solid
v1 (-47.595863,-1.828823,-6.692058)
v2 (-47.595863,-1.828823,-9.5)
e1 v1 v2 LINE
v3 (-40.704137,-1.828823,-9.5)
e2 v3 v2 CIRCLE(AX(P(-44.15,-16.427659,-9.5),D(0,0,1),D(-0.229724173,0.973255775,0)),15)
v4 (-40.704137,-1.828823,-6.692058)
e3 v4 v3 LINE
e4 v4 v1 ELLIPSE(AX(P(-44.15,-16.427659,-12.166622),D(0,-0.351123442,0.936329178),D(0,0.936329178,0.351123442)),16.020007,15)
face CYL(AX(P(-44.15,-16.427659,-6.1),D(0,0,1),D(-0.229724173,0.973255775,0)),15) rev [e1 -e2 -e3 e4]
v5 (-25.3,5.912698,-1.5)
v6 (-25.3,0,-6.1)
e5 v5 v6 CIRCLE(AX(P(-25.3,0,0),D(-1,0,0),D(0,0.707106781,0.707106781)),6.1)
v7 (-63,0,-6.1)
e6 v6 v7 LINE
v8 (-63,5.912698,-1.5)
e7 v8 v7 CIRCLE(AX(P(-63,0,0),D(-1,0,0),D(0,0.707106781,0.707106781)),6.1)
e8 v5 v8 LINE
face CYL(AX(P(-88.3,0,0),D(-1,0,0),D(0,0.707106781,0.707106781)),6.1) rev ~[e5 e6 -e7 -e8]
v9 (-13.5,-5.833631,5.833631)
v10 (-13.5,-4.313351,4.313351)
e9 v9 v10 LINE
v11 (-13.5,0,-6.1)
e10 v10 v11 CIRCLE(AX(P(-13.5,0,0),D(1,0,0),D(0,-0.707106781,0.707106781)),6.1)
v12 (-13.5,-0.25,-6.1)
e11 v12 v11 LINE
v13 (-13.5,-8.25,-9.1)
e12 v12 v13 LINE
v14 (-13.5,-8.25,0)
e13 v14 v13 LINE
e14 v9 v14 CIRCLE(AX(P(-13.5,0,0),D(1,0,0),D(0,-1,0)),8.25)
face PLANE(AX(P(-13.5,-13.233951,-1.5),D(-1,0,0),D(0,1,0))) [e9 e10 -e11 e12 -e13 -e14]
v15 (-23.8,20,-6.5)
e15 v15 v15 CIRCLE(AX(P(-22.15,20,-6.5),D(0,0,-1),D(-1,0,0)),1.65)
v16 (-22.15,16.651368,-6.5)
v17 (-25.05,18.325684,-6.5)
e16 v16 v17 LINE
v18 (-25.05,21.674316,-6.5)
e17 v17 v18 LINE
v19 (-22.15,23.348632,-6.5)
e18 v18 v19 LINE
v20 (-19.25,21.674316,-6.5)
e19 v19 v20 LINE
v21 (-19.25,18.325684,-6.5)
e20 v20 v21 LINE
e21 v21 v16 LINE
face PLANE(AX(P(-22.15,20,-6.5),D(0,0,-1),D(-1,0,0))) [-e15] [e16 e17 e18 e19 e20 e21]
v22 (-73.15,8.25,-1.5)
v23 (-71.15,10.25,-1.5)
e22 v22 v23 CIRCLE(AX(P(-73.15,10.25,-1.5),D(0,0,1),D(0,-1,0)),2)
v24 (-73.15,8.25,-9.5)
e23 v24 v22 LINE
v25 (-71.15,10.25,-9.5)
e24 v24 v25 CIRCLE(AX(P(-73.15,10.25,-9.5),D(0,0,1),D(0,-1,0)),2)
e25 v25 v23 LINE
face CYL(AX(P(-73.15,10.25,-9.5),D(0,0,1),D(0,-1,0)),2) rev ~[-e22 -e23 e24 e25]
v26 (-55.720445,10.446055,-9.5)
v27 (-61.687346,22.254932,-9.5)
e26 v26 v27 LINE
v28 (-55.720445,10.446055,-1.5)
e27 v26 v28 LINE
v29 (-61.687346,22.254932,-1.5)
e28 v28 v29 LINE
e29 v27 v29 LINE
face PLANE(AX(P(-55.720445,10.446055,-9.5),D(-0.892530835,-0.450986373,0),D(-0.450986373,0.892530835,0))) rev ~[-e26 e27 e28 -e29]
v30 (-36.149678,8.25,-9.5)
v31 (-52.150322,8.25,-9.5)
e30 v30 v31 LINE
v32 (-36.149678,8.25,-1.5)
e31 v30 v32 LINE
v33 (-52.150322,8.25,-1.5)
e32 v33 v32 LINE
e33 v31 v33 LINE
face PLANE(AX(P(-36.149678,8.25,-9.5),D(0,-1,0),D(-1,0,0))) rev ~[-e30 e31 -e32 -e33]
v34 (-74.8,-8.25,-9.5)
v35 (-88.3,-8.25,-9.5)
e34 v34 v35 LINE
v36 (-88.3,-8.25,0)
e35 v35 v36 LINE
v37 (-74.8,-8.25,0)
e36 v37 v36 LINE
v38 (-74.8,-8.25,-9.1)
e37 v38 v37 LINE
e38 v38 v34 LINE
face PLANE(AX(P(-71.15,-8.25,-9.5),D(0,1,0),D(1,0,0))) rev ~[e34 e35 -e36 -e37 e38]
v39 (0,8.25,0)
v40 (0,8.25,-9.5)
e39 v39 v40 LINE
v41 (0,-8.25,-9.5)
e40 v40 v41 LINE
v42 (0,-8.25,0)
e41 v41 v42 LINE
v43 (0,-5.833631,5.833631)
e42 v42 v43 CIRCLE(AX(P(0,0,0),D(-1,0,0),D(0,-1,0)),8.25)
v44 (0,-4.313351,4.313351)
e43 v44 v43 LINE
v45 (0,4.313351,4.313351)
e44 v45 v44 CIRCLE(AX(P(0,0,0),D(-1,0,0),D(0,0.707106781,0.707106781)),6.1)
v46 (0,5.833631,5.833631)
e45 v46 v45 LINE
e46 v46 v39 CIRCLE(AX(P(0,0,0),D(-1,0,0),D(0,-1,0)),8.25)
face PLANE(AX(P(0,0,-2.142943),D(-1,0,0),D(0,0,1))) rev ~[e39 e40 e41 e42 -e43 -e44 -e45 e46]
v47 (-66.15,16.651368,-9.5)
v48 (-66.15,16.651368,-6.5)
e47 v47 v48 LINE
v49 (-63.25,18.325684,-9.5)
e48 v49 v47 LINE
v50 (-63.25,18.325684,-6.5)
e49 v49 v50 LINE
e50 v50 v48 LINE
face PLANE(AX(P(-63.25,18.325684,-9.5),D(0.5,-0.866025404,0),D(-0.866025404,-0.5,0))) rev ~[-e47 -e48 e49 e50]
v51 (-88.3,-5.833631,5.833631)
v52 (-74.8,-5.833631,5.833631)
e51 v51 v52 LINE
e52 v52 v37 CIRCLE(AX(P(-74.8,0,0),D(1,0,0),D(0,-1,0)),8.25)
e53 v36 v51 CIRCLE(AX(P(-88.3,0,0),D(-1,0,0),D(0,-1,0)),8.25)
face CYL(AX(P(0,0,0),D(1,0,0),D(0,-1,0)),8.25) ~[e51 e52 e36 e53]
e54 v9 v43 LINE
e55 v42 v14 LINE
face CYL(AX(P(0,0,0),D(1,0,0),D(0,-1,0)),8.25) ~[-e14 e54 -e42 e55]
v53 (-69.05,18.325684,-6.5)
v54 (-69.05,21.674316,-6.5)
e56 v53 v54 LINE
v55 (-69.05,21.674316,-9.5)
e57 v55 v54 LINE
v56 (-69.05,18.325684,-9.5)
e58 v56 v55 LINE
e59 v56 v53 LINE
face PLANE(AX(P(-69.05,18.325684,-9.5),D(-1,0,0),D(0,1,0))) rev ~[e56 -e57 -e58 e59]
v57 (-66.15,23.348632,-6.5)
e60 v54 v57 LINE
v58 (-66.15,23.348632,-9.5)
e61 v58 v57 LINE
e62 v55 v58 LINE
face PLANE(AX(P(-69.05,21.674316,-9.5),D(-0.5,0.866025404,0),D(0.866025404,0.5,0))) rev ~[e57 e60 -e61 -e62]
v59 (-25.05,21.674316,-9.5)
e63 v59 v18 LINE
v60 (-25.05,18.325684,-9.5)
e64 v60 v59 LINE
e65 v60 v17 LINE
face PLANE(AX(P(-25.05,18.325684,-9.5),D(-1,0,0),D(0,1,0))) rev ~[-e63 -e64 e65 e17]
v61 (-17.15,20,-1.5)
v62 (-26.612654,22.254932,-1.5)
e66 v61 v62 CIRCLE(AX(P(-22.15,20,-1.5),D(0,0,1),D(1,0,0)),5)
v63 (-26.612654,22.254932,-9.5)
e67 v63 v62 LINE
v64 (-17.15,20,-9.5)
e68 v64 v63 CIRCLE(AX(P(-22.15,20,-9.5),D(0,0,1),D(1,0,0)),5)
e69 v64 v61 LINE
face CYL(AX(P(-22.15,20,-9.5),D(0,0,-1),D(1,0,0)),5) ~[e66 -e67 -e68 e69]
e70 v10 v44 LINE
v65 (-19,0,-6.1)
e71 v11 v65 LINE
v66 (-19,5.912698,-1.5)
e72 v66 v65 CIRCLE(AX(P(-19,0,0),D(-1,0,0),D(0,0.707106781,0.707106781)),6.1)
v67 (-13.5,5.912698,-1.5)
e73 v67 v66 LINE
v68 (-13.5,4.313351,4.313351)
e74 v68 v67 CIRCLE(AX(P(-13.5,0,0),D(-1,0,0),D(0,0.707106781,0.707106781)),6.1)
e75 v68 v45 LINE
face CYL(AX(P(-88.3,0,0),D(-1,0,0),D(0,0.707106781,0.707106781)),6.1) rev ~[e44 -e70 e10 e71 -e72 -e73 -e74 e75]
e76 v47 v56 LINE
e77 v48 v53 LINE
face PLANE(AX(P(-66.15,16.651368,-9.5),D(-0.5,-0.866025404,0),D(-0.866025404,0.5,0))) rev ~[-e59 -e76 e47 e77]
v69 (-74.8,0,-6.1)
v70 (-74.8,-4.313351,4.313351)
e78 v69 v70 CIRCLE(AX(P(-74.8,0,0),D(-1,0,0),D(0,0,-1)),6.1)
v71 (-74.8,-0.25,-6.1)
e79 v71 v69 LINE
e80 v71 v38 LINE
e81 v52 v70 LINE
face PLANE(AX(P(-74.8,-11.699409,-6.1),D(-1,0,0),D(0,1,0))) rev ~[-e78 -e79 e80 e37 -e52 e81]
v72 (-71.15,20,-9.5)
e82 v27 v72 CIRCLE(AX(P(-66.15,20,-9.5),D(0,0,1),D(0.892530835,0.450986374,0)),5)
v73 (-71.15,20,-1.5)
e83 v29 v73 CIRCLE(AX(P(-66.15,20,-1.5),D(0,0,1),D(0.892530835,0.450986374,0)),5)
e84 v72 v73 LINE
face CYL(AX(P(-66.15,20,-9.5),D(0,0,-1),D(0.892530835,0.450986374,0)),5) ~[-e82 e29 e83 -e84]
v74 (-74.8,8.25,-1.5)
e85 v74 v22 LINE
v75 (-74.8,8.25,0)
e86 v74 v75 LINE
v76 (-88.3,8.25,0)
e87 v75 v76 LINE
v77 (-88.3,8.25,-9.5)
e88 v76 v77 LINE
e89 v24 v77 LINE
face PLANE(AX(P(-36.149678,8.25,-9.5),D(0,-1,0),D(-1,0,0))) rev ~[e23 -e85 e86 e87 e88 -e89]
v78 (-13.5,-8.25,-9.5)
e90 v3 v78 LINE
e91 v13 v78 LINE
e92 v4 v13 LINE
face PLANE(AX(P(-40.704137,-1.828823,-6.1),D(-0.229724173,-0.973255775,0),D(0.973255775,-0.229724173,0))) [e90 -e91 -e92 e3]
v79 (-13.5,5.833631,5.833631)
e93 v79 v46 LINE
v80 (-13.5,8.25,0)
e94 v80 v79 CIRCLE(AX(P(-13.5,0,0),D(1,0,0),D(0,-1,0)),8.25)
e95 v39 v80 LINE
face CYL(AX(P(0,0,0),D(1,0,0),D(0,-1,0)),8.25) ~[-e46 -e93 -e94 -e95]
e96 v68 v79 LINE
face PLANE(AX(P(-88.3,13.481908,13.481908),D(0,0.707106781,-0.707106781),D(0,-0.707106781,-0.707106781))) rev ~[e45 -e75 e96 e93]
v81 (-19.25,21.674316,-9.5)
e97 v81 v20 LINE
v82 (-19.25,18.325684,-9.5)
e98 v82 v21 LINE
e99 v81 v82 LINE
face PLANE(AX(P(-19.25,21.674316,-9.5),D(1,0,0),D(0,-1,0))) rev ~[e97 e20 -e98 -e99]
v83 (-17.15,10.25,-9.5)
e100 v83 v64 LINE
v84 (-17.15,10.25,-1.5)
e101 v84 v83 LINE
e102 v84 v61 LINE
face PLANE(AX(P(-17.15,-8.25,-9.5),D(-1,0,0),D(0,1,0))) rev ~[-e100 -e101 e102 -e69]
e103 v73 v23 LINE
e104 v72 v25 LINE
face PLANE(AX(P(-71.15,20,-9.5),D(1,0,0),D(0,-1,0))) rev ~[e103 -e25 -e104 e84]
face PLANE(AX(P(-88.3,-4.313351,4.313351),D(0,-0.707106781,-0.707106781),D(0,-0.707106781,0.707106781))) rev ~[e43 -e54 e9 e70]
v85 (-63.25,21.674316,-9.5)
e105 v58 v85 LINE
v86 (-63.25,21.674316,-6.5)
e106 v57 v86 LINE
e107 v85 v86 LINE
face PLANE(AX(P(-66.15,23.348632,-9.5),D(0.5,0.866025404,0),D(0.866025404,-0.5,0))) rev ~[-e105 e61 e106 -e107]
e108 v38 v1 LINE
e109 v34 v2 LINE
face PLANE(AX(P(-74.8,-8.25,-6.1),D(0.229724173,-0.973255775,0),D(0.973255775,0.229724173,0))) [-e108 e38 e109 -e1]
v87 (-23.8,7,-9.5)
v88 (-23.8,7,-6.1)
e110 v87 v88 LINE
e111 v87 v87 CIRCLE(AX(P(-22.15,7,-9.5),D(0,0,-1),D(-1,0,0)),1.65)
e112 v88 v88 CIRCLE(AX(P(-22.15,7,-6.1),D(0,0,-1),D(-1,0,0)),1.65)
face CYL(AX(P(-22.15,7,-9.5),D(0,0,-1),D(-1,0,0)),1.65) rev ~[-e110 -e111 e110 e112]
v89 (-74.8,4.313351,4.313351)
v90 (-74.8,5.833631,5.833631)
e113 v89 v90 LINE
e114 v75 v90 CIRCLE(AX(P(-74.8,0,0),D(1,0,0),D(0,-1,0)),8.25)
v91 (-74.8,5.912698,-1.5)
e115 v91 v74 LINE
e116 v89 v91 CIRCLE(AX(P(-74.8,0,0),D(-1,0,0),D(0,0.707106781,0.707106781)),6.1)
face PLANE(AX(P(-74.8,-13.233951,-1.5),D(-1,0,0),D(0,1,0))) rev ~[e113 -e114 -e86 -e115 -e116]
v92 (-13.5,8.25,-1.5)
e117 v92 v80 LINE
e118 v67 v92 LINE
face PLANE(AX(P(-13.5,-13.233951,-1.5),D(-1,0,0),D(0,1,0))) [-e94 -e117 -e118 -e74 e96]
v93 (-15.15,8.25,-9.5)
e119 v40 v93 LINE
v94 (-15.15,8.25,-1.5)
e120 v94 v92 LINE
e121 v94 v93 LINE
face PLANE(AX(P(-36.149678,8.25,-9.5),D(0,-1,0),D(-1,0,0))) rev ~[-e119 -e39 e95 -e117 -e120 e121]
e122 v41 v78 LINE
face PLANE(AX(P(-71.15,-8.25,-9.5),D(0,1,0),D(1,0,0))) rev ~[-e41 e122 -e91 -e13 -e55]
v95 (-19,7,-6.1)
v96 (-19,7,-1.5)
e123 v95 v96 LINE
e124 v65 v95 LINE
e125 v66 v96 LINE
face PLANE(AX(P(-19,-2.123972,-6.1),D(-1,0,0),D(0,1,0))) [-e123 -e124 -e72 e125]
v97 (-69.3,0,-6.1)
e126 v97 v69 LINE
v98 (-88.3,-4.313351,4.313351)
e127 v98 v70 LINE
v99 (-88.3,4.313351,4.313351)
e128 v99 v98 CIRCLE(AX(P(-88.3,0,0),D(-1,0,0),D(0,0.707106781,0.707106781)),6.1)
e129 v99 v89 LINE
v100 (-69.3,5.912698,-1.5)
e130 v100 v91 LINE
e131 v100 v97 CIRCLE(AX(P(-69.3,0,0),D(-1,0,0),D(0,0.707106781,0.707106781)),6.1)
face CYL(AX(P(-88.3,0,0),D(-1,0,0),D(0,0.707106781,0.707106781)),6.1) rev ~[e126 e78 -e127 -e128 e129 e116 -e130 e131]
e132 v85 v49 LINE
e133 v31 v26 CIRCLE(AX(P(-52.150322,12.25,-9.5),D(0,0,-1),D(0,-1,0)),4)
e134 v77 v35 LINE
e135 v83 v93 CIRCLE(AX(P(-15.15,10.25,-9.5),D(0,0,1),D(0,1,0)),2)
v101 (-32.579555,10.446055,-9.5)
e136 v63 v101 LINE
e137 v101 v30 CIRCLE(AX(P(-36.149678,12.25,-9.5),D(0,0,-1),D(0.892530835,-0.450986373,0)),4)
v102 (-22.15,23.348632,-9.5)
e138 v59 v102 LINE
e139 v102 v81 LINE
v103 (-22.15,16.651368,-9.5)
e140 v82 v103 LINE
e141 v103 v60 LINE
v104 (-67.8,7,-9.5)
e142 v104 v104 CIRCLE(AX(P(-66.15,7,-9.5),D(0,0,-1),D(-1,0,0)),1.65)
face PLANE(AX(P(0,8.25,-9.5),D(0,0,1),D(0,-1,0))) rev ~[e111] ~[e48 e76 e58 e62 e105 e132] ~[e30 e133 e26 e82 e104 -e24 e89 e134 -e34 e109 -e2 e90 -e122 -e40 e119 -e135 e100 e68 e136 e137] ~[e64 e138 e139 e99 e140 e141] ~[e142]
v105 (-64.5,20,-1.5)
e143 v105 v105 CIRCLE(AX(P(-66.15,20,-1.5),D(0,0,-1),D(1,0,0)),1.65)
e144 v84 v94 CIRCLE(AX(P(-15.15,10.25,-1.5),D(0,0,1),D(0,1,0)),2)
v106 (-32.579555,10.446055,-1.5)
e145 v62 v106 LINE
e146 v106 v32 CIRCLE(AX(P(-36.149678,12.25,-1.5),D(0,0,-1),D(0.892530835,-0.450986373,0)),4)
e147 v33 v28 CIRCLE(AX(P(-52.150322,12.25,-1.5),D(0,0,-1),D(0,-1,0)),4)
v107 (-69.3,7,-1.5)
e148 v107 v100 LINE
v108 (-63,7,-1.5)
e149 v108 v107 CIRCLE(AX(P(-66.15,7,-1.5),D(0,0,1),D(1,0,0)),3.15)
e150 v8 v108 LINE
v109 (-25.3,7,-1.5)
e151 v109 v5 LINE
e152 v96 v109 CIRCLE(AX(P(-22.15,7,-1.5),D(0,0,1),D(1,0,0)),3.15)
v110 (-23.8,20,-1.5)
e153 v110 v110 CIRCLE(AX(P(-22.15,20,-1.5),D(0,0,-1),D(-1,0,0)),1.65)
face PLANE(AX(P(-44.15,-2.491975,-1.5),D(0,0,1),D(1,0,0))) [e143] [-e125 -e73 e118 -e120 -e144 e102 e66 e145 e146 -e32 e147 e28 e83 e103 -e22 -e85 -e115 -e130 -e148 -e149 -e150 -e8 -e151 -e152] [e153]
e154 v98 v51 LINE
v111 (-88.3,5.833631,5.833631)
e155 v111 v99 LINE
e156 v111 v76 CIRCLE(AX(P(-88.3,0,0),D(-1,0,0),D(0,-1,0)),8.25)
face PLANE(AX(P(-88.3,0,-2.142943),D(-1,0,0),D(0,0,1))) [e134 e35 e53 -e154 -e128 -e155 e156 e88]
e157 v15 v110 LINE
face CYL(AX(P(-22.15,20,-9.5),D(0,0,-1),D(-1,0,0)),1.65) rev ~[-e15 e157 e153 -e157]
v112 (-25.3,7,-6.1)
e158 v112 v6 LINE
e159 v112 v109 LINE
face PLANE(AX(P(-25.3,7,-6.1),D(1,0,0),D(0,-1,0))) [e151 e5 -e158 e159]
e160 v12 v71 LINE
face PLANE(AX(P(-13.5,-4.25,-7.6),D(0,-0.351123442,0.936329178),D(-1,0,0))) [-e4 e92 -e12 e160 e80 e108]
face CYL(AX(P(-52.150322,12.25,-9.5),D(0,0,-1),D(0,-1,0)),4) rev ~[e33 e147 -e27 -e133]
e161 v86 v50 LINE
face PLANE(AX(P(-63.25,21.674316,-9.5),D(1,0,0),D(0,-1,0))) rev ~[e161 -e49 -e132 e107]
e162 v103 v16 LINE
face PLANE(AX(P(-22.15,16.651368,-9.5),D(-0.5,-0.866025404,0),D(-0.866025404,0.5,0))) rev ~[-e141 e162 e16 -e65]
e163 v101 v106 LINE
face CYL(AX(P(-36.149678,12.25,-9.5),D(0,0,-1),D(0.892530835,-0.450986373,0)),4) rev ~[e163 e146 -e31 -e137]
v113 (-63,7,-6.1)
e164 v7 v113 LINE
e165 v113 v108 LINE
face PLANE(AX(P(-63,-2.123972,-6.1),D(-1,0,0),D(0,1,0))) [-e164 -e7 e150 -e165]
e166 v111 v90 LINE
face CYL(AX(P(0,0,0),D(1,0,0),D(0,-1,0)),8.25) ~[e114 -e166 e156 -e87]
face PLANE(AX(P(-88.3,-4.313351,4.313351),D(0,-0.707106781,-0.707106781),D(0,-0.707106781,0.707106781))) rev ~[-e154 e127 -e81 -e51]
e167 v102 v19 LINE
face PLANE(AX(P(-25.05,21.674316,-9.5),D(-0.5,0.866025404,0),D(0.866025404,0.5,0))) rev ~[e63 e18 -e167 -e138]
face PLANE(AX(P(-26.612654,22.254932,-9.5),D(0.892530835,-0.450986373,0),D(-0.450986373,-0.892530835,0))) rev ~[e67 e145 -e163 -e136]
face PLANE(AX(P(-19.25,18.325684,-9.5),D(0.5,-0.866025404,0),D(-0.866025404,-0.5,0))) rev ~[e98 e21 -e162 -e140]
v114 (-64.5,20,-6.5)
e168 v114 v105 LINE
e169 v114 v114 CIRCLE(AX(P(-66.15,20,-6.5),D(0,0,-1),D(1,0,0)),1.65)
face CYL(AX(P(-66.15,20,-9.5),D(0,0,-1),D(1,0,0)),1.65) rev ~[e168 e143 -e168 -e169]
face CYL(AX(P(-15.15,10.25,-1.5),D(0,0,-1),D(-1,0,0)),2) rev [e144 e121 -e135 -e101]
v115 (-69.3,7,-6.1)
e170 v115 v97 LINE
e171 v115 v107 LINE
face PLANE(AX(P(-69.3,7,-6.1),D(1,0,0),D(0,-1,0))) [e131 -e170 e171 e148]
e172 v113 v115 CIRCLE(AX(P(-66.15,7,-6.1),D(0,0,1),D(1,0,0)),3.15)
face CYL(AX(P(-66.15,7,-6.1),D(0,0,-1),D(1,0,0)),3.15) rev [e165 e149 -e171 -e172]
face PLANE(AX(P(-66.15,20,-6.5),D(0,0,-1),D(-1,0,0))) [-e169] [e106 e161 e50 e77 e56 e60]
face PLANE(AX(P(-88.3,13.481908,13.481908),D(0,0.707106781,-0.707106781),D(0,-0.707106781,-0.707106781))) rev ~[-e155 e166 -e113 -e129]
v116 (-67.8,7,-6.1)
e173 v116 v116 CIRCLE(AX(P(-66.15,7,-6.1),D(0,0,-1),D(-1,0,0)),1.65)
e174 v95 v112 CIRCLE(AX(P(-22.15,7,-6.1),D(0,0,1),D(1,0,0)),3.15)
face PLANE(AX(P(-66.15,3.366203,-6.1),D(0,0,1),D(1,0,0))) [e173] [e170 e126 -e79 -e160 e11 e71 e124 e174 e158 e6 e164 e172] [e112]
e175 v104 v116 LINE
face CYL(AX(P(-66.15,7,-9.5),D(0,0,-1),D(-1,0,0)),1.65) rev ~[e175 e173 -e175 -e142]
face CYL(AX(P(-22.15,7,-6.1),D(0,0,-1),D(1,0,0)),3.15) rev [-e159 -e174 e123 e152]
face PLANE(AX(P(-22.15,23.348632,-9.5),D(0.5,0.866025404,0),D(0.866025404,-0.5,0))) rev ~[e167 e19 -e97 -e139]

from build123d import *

# Parameters (mm, degrees)
BOSS_EXTRUDE1_DEPTH = 88.3
SKETCH6_R           = 1.65
BOSS_EXTRUDE2_DEPTH = 8
CUT_EXTRUDE1_DEPTH  = 93.261259475
SKETCH8_W           = 61.3
SKETCH8_H           = 21.483950942
CUT_EXTRUDE2_DEPTH  = 93.118890571
SKETCH9_W           = 61.3
SKETCH9_H           = 11.699409457
CUT_EXTRUDE3_DEPTH  = 93.543511645
SKETCH10_R          = 1.65
CUT_EXTRUDE4_DEPTH  = 94.043055829
CHAMFER1_SIZE       = 8
CHAMFER1_SIZE2      = 3
CUT_EXTRUDE5_DEPTH  = 93.54351174
FILLET1_R           = 2
CUT_EXTRUDE6_DEPTH  = 3
CUT_EXTRUDE7_START  = -4.6
CUT_EXTRUDE7_DEPTH  = 4.6


with BuildPart() as part:
    # Sketch1 → Boss-Extrude1 (new body)
    with BuildSketch(Plane.ZY):
        with BuildLine():
            Line((-9.5, 8.25), (-9.5, -8.25))
            Line((-9.5, -8.25), (0, -8.25))
            ThreePointArc((0, -8.25), (8.25, 0), (0, 8.25))
            Line((0, 8.25), (-9.5, 8.25))
        make_face()
    extrude(amount=BOSS_EXTRUDE1_DEPTH)

    # Sketch6 → Boss-Extrude2 (add)
    with BuildSketch(Plane(origin=(0, 0, -9.5), x_dir=(-1, 0, 0), z_dir=(0, 0, -1))):
        with BuildLine():
            Line((17.15, -8.25), (17.15, 20))
            ThreePointArc((17.15, 20), (20.99096395, 24.863808737), (26.612654174, 22.254931867))
            Line((26.612654174, 22.254931867), (32.579554775, 10.446054507))
            ThreePointArc((32.579554775, 10.446054507), (34.053942202, 8.842964487), (36.149678114, 8.25))
            Line((36.149678114, 8.25), (52.150321886, 8.25))
            ThreePointArc((52.150321886, 8.25), (54.246057798, 8.842964487), (55.720445225, 10.446054507))
            Line((55.720445225, 10.446054507), (61.687345826, 22.254931867))
            ThreePointArc((61.687345826, 22.254931867), (67.30903605, 24.863808737), (71.15, 20))
            Line((71.15, 20), (71.15, -8.25))
            Line((71.15, -8.25), (17.15, -8.25))
        make_face()
        with Locations((22.15, 20)):
            Circle(SKETCH6_R, mode=Mode.SUBTRACT)
        with Locations(Location((66.15, 20, 0), (0, 0, 180))):
            Circle(SKETCH6_R, mode=Mode.SUBTRACT)
    extrude(amount=-BOSS_EXTRUDE2_DEPTH)

    # Sketch7 → Cut-Extrude1 (cut, through all)
    with BuildSketch(Plane.ZY.offset(88.3)):
        with BuildLine():
            Line((13.481907846, 13.481907846), (4.313351365, 4.313351365))
            ThreePointArc((4.313351365, 4.313351365), (-6.1, 0), (4.313351365, -4.313351365))
            Line((4.313351365, -4.313351365), (13.481907846, -13.481907846))
            Line((13.481907846, -13.481907846), (13.481907846, 13.481907846))
        make_face()
    extrude(amount=-CUT_EXTRUDE1_DEPTH, mode=Mode.SUBTRACT)

    # Sketch8 → Cut-Extrude2 (cut, through all)
    with BuildSketch(Plane.XY.offset(-1.5)):
        with Locations((-44.15, -2.491975471)):
            Rectangle(SKETCH8_W, SKETCH8_H)
    extrude(amount=CUT_EXTRUDE2_DEPTH, mode=Mode.SUBTRACT)

    # Sketch9 → Cut-Extrude3 (cut, through all)
    with BuildSketch(Plane(origin=(0, 0, -6.1), x_dir=(-1, 0, 0), z_dir=(0, 0, -1))):
        with Locations((44.15, -5.849704729)):
            Rectangle(SKETCH9_W, SKETCH9_H)
    extrude(amount=-CUT_EXTRUDE3_DEPTH, mode=Mode.SUBTRACT)

    # Sketch10 → Cut-Extrude4 (cut, through all)
    with BuildSketch(Plane(origin=(0, 0, -9.5), x_dir=(-1, 0, 0), z_dir=(0, 0, -1))):
        with Locations((22.15, 7)):
            Circle(SKETCH10_R)
        with Locations((66.15, 7)):
            Circle(SKETCH10_R)
    extrude(amount=-CUT_EXTRUDE4_DEPTH, mode=Mode.SUBTRACT)

    # Chamfer1
    chamfer1_edges = [part.edges().sort_by_distance(p)[0] for p in [
        (-44.15, -8.25, -6.1),
    ]]
    chamfer1_side = [part.faces().sort_by_distance(p)[0] for p in [
        (-44.15, -4.125, -6.1),
    ]]
    chamfer(chamfer1_edges, length=CHAMFER1_SIZE, length2=CHAMFER1_SIZE2, reference=chamfer1_side[0])

    # Sketch11 → Cut-Extrude5 (cut, through all)
    with BuildSketch(Plane(origin=(0, 0, -6.1), x_dir=(-1, 0, 0), z_dir=(0, 0, -1))):
        with BuildLine():
            Line((74.8, -8.25), (47.5958626, -1.828822614))
            ThreePointArc((47.5958626, -1.828822614), (44.15, -1.427659244), (40.7041374, -1.828822614))
            Line((40.7041374, -1.828822614), (13.5, -8.25))
            Line((13.5, -8.25), (13.5, -16.427659244))
            Line((13.5, -16.427659244), (74.8, -16.427659244))
            Line((74.8, -16.427659244), (74.8, -8.25))
        make_face()
    extrude(amount=CUT_EXTRUDE5_DEPTH, mode=Mode.SUBTRACT)

    # Fillet1
    fillet1_edges = [part.edges().sort_by_distance(p)[0] for p in [
        (-17.15, 8.25, -5.5),
        (-71.15, 8.25, -5.5),
    ]]
    fillet(fillet1_edges, radius=FILLET1_R)

    # Sketch12 → Cut-Extrude6 (cut)
    with BuildSketch(Plane(origin=(0, 0, -9.5), x_dir=(-1, 0, 0), z_dir=(0, 0, -1))):
        Polygon((22.15, 16.651368439), (25.05, 18.325684219), (25.05, 21.674315781), (22.15, 23.348631561), (19.25, 21.674315781), (19.25, 18.325684219), align=None)
        Polygon((66.15, 16.651368439), (69.05, 18.325684219), (69.05, 21.674315781), (66.15, 23.348631561), (63.25, 21.674315781), (63.25, 18.325684219), align=None)
    extrude(amount=-CUT_EXTRUDE6_DEPTH, mode=Mode.SUBTRACT)

    # Sketch13 → Cut-Extrude7 (cut)
    with BuildSketch(Plane.XY.offset(-1.5).offset(CUT_EXTRUDE7_START)):
        with BuildLine():
            Line((-69.3, 7), (-69.3, -2.12397244))
            Line((-69.3, -2.12397244), (-63, -2.12397244))
            Line((-63, -2.12397244), (-63, 7))
            ThreePointArc((-63, 7), (-66.15, 10.15), (-69.3, 7))
        make_face()
        with BuildLine():
            Line((-25.3, 7), (-25.3, -2.12397244))
            Line((-25.3, -2.12397244), (-19, -2.12397244))
            Line((-19, -2.12397244), (-19, 7))
            ThreePointArc((-19, 7), (-22.15, 10.15), (-25.3, 7))
        make_face()
    extrude(amount=CUT_EXTRUDE7_DEPTH, mode=Mode.SUBTRACT)


solid = part.part
